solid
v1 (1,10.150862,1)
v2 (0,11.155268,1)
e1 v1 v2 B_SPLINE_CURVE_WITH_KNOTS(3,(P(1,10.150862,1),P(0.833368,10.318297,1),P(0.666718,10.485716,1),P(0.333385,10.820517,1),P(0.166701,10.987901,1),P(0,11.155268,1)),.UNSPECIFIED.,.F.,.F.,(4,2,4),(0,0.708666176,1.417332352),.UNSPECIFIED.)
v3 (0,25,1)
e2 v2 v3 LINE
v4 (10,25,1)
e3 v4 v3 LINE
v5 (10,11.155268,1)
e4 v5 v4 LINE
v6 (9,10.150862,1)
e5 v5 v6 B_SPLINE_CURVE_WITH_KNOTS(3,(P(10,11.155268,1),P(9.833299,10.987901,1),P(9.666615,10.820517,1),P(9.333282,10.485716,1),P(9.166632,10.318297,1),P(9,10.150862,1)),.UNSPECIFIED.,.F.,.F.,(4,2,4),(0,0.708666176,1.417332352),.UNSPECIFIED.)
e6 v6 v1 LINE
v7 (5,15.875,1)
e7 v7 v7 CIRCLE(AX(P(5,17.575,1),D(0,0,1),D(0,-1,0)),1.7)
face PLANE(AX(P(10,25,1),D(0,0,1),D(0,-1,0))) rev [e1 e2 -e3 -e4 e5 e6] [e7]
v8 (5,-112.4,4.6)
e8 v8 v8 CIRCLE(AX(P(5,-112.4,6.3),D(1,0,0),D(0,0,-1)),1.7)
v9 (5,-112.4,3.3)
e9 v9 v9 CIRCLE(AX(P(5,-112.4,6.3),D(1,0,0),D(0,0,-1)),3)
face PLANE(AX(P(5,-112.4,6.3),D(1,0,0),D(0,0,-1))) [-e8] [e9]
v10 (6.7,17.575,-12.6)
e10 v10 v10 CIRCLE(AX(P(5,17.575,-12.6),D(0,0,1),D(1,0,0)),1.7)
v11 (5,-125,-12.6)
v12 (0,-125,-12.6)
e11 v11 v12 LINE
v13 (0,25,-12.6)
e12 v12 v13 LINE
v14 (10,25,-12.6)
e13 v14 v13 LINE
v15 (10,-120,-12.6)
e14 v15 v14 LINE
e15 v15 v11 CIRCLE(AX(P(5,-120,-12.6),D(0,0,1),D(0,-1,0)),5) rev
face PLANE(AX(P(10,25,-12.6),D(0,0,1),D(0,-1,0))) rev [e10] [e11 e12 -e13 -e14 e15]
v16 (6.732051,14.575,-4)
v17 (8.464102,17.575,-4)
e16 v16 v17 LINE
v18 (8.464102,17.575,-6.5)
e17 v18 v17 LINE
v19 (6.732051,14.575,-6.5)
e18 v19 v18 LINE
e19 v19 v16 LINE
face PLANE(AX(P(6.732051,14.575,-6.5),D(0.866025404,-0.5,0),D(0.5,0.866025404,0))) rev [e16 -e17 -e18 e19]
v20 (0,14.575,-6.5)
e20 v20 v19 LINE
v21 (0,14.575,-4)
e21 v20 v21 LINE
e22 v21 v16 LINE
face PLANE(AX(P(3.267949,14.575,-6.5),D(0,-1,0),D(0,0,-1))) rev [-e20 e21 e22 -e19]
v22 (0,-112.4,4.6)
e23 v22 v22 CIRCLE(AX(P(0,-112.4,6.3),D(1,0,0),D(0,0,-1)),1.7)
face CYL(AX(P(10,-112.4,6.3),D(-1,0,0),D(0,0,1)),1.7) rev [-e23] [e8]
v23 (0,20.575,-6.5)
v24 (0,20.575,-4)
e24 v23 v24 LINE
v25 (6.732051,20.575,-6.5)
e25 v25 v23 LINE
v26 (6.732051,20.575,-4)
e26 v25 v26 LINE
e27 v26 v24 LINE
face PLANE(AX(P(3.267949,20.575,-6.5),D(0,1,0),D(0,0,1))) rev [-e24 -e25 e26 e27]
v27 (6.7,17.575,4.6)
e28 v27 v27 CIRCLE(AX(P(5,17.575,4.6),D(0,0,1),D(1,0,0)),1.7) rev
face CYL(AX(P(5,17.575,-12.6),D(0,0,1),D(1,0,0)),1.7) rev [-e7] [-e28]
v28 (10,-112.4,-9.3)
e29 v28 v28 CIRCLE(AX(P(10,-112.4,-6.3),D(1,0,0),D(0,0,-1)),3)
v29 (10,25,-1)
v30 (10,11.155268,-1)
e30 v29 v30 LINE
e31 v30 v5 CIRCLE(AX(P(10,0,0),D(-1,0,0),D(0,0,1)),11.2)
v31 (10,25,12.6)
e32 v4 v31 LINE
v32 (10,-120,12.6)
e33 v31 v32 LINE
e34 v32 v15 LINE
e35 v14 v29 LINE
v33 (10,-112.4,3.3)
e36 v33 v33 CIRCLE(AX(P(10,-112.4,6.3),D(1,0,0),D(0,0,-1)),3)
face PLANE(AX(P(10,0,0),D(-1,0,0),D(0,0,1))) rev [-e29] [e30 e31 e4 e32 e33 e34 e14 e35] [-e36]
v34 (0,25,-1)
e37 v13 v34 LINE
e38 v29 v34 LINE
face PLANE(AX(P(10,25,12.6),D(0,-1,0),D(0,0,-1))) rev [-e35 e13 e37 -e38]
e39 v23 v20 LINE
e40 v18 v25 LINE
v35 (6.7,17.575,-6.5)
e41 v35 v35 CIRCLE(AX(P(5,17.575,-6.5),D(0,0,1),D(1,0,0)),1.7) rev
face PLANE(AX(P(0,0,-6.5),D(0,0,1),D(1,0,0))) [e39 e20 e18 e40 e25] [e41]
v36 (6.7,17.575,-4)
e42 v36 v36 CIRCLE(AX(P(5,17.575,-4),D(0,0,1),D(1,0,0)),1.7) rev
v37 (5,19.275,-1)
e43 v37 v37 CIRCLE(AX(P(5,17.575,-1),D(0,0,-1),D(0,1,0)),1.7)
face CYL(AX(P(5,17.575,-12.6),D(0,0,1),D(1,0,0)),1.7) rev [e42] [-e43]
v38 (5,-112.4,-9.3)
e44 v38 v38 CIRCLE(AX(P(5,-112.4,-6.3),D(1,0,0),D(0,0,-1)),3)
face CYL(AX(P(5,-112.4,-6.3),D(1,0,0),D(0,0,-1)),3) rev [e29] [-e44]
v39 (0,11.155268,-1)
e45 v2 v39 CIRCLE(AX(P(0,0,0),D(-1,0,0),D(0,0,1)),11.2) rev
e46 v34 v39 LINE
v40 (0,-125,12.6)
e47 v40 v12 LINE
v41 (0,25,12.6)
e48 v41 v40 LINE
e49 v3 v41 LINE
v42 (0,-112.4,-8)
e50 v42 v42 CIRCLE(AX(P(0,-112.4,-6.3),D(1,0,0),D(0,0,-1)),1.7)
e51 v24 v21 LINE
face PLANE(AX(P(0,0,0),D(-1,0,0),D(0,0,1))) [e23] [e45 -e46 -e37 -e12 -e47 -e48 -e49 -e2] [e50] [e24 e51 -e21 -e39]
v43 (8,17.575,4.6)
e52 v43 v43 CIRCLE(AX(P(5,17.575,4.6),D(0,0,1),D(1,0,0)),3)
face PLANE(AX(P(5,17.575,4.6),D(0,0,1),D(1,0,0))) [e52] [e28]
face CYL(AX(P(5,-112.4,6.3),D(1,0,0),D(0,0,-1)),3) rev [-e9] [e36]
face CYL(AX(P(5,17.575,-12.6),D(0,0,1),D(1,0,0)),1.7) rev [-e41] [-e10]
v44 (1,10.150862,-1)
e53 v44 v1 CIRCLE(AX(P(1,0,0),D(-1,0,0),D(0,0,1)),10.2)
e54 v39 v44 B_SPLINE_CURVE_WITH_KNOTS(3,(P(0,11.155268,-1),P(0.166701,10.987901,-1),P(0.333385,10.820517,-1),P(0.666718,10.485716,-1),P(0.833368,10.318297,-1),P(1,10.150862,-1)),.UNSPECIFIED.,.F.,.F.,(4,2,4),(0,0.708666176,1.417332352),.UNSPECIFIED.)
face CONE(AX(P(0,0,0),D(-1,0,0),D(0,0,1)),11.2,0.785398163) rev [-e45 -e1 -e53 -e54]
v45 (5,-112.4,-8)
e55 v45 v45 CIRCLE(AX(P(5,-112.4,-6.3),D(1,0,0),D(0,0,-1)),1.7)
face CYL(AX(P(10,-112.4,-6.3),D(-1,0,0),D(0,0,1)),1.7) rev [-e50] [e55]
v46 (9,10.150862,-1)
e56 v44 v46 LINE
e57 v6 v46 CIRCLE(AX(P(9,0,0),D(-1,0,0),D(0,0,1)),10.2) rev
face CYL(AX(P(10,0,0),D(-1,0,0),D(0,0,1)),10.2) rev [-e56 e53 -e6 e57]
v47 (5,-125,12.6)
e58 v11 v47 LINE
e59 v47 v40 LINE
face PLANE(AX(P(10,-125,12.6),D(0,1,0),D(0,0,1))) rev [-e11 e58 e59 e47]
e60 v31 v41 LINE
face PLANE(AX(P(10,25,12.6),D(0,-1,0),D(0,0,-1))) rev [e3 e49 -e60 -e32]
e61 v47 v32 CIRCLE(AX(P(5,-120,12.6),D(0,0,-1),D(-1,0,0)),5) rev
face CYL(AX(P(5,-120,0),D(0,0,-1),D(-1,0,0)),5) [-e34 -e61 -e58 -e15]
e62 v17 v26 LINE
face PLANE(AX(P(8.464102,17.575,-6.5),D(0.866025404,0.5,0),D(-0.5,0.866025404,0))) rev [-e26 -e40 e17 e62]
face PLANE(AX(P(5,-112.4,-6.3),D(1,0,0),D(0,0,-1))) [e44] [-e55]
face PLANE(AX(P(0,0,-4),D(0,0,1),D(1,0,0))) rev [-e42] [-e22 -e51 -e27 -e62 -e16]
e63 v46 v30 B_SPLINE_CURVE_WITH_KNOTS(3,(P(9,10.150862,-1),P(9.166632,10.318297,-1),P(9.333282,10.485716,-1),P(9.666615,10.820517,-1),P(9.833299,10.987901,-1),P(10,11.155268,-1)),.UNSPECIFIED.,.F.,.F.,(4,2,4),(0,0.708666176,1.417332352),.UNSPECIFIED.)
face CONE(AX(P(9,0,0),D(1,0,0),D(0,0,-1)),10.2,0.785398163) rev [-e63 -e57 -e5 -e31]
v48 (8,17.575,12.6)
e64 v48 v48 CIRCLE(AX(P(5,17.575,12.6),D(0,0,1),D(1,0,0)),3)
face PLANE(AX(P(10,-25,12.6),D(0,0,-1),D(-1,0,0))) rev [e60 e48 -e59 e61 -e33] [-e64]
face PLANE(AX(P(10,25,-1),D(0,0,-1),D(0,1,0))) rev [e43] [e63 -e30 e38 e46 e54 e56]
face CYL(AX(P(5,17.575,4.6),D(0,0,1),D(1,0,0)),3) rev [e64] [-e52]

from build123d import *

# Parameters (mm, degrees)
SKETCH1_R           = 10.2
BOSS_EXTRUDE1_DEPTH = 10
SKETCH2_R           = 1.7
CUT_EXTRUDE2_DEPTH  = 127.030789889
SKETCH5_W           = 2
SKETCH5_H           = 25
CUT_EXTRUDE4_DEPTH  = 127.030789889
SKETCH7_R           = 1.7
CUT_EXTRUDE5_DEPTH  = 128.906372007
CUT_EXTRUDE7_DEPTH  = 2.5
FILLET1_R           = 5
CHAMFER1_SIZE       = 1
SKETCH9_R           = 3
CUT_EXTRUDE8_DEPTH  = 8
SKETCH13_R          = 3
CUT_EXTRUDE9_DEPTH  = 5


with BuildPart() as part:
    # Sketch1 → Boss-Extrude1 (new body)
    with BuildSketch(Plane(origin=(0, 0, 0), x_dir=(0, 0, -1), z_dir=(1, 0, 0))):
        Polygon((-12.6, -25), (-12.6, -125), (12.6, -125), (12.6, -25), (12.6, 25), (-12.6, 25), align=None)
        Circle(SKETCH1_R, mode=Mode.SUBTRACT)
    extrude(amount=BOSS_EXTRUDE1_DEPTH)

    # Sketch2 → Cut-Extrude2 (cut, through all)
    with BuildSketch(Plane(origin=(0, 0, 0), x_dir=(0, 0, -1), z_dir=(1, 0, 0))):
        with Locations((-6.3, -112.4)):
            Circle(SKETCH2_R)
        with Locations((6.3, -112.4)):
            Circle(SKETCH2_R)
    extrude(amount=CUT_EXTRUDE2_DEPTH, mode=Mode.SUBTRACT)

    # Sketch5 → Cut-Extrude4 (cut, through all)
    with BuildSketch(Plane.ZY):
        with Locations((0, 12.5)):
            Rectangle(SKETCH5_W, SKETCH5_H)
    extrude(amount=-CUT_EXTRUDE4_DEPTH, mode=Mode.SUBTRACT)

    # Sketch7 → Cut-Extrude5 (cut, through all)
    with BuildSketch(Plane.XY.offset(12.6)):
        with Locations((5, 17.575)):
            Circle(SKETCH7_R)
    extrude(amount=-CUT_EXTRUDE5_DEPTH, mode=Mode.SUBTRACT)

    # Sketch8 → Cut-Extrude7 (cut)
    with BuildSketch(Plane.XY.offset(-4)):
        Polygon((3.267949192, 20.575), (0, 20.575), (0, 14.575), (3.267949192, 14.575), (6.732050808, 14.575), (8.464101615, 17.575), (6.732050808, 20.575), align=None)
    extrude(amount=-CUT_EXTRUDE7_DEPTH, mode=Mode.SUBTRACT)

    # Fillet1
    fillet1_edges = [part.edges().sort_by_distance(p)[0] for p in [
        (10, -125, 0),
    ]]
    fillet(fillet1_edges, radius=FILLET1_R)

    # Chamfer1
    chamfer1_edges = [part.edges().sort_by_distance(p)[0] for p in [
        (10, -10.2, 0),
        (0, -10.2, 0),
    ]]
    chamfer(chamfer1_edges, length=CHAMFER1_SIZE)

    # Sketch9 → Cut-Extrude8 (cut)
    with BuildSketch(Plane.XY.offset(12.6)):
        with Locations((5, 17.575)):
            Circle(SKETCH9_R)
    extrude(amount=-CUT_EXTRUDE8_DEPTH, mode=Mode.SUBTRACT)

    # Sketch13 → Cut-Extrude9 (cut)
    with BuildSketch(Plane(origin=(10, 0, 0), x_dir=(0, 0, -1), z_dir=(1, 0, 0))):
        with Locations((6.3, -112.4)):
            Circle(SKETCH13_R)
        with Locations((-6.3, -112.4)):
            Circle(SKETCH13_R)
    extrude(amount=-CUT_EXTRUDE9_DEPTH, mode=Mode.SUBTRACT)


solid = part.part
